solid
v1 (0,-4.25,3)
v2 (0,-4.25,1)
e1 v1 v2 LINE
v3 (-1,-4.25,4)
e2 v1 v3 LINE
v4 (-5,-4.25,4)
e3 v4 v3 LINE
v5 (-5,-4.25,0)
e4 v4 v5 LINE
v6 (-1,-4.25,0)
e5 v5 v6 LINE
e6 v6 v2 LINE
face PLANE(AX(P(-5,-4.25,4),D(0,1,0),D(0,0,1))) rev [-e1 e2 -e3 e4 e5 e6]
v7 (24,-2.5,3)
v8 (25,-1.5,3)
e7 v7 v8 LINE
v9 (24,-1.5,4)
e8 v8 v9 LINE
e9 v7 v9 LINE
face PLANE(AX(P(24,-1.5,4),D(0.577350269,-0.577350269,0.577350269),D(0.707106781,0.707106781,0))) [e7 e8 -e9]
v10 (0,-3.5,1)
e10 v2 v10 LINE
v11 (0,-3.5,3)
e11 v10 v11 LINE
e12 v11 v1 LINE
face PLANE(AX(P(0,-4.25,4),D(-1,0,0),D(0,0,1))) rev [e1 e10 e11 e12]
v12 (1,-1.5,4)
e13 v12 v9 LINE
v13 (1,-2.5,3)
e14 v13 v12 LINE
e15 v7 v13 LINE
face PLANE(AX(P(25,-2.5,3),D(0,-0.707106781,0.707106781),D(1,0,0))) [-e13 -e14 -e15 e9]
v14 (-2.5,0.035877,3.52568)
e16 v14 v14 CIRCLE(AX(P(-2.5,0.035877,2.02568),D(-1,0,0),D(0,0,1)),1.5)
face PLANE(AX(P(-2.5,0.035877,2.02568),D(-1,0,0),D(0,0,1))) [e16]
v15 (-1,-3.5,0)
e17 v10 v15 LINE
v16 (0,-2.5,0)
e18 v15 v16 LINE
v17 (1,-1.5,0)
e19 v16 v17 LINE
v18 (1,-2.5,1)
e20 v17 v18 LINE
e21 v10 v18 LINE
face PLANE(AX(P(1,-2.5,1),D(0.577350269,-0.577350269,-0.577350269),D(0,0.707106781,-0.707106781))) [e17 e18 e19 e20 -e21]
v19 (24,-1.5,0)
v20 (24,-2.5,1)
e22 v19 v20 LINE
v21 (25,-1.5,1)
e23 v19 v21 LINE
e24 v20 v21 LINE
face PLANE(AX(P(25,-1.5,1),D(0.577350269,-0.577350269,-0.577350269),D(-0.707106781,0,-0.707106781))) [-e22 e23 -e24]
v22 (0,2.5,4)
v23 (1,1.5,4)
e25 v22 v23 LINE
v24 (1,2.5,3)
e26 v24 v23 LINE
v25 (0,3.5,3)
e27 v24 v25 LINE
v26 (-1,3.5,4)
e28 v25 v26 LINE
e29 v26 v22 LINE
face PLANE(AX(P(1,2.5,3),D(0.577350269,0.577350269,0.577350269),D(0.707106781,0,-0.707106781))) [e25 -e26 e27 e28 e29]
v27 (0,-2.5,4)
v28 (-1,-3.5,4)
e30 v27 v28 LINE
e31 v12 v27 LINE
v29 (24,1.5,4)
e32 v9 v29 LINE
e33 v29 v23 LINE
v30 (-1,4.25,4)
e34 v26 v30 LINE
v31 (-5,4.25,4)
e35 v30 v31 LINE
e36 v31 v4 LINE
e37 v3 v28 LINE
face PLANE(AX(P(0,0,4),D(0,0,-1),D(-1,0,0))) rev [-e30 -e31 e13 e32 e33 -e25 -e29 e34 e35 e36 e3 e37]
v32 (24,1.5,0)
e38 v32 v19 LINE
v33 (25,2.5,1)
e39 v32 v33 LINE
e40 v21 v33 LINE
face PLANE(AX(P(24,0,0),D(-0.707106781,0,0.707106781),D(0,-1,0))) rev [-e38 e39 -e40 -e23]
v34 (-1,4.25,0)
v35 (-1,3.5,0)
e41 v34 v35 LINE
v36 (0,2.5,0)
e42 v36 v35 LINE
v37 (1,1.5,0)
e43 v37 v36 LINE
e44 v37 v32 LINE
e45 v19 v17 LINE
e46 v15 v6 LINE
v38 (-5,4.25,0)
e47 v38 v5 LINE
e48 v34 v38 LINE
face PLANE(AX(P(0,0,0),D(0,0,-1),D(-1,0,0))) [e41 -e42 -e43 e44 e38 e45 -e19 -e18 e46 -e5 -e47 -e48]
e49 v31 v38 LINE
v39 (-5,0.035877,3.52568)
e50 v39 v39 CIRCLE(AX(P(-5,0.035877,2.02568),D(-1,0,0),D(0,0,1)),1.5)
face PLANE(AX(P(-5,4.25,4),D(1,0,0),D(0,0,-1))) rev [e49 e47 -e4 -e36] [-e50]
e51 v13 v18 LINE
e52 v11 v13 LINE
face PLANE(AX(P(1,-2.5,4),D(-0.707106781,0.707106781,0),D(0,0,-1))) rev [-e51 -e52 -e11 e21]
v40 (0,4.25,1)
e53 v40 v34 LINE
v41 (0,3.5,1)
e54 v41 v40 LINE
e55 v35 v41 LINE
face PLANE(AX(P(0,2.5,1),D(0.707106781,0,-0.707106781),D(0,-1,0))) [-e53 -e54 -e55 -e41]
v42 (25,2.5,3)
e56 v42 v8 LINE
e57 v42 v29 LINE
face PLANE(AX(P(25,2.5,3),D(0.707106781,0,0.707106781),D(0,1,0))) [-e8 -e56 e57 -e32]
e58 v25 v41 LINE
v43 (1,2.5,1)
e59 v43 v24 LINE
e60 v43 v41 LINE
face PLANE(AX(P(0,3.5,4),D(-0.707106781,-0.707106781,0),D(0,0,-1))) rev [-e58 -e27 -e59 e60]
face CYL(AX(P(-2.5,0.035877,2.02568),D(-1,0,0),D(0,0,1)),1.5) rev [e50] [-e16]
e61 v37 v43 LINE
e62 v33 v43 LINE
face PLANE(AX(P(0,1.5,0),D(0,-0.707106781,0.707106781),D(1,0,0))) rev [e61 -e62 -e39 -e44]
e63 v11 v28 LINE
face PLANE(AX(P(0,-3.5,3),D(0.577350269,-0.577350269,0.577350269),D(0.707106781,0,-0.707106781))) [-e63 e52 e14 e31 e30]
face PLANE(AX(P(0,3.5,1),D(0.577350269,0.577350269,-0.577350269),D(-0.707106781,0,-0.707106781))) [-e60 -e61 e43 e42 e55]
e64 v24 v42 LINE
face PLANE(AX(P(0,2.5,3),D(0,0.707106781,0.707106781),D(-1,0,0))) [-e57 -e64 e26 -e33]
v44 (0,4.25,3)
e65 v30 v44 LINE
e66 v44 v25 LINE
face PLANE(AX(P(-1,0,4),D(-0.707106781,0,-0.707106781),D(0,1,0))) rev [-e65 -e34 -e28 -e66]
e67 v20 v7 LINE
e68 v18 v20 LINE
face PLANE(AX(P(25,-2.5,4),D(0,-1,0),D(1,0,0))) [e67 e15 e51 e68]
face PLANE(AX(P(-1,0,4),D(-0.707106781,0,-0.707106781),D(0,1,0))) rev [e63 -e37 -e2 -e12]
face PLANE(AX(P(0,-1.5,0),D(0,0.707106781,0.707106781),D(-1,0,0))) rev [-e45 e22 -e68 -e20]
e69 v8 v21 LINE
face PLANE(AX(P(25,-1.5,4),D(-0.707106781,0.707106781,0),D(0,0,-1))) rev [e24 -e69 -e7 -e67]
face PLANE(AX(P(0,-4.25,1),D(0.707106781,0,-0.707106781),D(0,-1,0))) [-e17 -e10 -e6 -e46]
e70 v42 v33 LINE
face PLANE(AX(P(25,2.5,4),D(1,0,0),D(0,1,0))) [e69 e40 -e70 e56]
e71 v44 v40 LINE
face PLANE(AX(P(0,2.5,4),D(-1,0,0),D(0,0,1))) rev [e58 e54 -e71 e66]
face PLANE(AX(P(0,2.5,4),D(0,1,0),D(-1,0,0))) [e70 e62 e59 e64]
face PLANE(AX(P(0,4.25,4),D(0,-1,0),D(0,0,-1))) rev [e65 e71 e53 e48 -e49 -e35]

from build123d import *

# Parameters (mm, degrees)
BASE_DEPTH         = 4
CHAMFER1_SIZE      = 1
SKETCH2_R          = 1.5
CUT_EXTRUDE1_DEPTH = 2.5


with BuildPart() as part:
    # Sketch1 → BASE (new body)
    with BuildSketch(Plane.XY):
        Polygon((0, -4.25), (0, -2.5), (25, -2.5), (25, 2.5), (0, 2.5), (0, 4.25), (-5, 4.25), (-5, -4.25), align=None)
    extrude(amount=BASE_DEPTH)

    # Chamfer1
    chamfer1_edges = [part.edges().sort_by_distance(p)[0] for p in [
        (0, -3.375, 0),
        (12.5, -2.5, 0),
        (25, 0, 0),
        (0, -3.375, 4),
        (0, 2.5, 2),
        (0, -2.5, 2),
        (25, -2.5, 2),
        (0, 3.375, 4),
        (12.5, 2.5, 4),
        (25, 0, 4),
        (12.5, 2.5, 0),
        (12.5, -2.5, 4),
        (0, 3.375, 0),
    ]]
    chamfer(chamfer1_edges, length=CHAMFER1_SIZE)

    # Sketch2 → Cut-Extrude1 (cut)
    with BuildSketch(Plane.ZY.offset(5)):
        with Locations((2.025680481, 0.035876769)):
            Circle(SKETCH2_R)
    extrude(amount=-CUT_EXTRUDE1_DEPTH, mode=Mode.SUBTRACT)


solid = part.part
